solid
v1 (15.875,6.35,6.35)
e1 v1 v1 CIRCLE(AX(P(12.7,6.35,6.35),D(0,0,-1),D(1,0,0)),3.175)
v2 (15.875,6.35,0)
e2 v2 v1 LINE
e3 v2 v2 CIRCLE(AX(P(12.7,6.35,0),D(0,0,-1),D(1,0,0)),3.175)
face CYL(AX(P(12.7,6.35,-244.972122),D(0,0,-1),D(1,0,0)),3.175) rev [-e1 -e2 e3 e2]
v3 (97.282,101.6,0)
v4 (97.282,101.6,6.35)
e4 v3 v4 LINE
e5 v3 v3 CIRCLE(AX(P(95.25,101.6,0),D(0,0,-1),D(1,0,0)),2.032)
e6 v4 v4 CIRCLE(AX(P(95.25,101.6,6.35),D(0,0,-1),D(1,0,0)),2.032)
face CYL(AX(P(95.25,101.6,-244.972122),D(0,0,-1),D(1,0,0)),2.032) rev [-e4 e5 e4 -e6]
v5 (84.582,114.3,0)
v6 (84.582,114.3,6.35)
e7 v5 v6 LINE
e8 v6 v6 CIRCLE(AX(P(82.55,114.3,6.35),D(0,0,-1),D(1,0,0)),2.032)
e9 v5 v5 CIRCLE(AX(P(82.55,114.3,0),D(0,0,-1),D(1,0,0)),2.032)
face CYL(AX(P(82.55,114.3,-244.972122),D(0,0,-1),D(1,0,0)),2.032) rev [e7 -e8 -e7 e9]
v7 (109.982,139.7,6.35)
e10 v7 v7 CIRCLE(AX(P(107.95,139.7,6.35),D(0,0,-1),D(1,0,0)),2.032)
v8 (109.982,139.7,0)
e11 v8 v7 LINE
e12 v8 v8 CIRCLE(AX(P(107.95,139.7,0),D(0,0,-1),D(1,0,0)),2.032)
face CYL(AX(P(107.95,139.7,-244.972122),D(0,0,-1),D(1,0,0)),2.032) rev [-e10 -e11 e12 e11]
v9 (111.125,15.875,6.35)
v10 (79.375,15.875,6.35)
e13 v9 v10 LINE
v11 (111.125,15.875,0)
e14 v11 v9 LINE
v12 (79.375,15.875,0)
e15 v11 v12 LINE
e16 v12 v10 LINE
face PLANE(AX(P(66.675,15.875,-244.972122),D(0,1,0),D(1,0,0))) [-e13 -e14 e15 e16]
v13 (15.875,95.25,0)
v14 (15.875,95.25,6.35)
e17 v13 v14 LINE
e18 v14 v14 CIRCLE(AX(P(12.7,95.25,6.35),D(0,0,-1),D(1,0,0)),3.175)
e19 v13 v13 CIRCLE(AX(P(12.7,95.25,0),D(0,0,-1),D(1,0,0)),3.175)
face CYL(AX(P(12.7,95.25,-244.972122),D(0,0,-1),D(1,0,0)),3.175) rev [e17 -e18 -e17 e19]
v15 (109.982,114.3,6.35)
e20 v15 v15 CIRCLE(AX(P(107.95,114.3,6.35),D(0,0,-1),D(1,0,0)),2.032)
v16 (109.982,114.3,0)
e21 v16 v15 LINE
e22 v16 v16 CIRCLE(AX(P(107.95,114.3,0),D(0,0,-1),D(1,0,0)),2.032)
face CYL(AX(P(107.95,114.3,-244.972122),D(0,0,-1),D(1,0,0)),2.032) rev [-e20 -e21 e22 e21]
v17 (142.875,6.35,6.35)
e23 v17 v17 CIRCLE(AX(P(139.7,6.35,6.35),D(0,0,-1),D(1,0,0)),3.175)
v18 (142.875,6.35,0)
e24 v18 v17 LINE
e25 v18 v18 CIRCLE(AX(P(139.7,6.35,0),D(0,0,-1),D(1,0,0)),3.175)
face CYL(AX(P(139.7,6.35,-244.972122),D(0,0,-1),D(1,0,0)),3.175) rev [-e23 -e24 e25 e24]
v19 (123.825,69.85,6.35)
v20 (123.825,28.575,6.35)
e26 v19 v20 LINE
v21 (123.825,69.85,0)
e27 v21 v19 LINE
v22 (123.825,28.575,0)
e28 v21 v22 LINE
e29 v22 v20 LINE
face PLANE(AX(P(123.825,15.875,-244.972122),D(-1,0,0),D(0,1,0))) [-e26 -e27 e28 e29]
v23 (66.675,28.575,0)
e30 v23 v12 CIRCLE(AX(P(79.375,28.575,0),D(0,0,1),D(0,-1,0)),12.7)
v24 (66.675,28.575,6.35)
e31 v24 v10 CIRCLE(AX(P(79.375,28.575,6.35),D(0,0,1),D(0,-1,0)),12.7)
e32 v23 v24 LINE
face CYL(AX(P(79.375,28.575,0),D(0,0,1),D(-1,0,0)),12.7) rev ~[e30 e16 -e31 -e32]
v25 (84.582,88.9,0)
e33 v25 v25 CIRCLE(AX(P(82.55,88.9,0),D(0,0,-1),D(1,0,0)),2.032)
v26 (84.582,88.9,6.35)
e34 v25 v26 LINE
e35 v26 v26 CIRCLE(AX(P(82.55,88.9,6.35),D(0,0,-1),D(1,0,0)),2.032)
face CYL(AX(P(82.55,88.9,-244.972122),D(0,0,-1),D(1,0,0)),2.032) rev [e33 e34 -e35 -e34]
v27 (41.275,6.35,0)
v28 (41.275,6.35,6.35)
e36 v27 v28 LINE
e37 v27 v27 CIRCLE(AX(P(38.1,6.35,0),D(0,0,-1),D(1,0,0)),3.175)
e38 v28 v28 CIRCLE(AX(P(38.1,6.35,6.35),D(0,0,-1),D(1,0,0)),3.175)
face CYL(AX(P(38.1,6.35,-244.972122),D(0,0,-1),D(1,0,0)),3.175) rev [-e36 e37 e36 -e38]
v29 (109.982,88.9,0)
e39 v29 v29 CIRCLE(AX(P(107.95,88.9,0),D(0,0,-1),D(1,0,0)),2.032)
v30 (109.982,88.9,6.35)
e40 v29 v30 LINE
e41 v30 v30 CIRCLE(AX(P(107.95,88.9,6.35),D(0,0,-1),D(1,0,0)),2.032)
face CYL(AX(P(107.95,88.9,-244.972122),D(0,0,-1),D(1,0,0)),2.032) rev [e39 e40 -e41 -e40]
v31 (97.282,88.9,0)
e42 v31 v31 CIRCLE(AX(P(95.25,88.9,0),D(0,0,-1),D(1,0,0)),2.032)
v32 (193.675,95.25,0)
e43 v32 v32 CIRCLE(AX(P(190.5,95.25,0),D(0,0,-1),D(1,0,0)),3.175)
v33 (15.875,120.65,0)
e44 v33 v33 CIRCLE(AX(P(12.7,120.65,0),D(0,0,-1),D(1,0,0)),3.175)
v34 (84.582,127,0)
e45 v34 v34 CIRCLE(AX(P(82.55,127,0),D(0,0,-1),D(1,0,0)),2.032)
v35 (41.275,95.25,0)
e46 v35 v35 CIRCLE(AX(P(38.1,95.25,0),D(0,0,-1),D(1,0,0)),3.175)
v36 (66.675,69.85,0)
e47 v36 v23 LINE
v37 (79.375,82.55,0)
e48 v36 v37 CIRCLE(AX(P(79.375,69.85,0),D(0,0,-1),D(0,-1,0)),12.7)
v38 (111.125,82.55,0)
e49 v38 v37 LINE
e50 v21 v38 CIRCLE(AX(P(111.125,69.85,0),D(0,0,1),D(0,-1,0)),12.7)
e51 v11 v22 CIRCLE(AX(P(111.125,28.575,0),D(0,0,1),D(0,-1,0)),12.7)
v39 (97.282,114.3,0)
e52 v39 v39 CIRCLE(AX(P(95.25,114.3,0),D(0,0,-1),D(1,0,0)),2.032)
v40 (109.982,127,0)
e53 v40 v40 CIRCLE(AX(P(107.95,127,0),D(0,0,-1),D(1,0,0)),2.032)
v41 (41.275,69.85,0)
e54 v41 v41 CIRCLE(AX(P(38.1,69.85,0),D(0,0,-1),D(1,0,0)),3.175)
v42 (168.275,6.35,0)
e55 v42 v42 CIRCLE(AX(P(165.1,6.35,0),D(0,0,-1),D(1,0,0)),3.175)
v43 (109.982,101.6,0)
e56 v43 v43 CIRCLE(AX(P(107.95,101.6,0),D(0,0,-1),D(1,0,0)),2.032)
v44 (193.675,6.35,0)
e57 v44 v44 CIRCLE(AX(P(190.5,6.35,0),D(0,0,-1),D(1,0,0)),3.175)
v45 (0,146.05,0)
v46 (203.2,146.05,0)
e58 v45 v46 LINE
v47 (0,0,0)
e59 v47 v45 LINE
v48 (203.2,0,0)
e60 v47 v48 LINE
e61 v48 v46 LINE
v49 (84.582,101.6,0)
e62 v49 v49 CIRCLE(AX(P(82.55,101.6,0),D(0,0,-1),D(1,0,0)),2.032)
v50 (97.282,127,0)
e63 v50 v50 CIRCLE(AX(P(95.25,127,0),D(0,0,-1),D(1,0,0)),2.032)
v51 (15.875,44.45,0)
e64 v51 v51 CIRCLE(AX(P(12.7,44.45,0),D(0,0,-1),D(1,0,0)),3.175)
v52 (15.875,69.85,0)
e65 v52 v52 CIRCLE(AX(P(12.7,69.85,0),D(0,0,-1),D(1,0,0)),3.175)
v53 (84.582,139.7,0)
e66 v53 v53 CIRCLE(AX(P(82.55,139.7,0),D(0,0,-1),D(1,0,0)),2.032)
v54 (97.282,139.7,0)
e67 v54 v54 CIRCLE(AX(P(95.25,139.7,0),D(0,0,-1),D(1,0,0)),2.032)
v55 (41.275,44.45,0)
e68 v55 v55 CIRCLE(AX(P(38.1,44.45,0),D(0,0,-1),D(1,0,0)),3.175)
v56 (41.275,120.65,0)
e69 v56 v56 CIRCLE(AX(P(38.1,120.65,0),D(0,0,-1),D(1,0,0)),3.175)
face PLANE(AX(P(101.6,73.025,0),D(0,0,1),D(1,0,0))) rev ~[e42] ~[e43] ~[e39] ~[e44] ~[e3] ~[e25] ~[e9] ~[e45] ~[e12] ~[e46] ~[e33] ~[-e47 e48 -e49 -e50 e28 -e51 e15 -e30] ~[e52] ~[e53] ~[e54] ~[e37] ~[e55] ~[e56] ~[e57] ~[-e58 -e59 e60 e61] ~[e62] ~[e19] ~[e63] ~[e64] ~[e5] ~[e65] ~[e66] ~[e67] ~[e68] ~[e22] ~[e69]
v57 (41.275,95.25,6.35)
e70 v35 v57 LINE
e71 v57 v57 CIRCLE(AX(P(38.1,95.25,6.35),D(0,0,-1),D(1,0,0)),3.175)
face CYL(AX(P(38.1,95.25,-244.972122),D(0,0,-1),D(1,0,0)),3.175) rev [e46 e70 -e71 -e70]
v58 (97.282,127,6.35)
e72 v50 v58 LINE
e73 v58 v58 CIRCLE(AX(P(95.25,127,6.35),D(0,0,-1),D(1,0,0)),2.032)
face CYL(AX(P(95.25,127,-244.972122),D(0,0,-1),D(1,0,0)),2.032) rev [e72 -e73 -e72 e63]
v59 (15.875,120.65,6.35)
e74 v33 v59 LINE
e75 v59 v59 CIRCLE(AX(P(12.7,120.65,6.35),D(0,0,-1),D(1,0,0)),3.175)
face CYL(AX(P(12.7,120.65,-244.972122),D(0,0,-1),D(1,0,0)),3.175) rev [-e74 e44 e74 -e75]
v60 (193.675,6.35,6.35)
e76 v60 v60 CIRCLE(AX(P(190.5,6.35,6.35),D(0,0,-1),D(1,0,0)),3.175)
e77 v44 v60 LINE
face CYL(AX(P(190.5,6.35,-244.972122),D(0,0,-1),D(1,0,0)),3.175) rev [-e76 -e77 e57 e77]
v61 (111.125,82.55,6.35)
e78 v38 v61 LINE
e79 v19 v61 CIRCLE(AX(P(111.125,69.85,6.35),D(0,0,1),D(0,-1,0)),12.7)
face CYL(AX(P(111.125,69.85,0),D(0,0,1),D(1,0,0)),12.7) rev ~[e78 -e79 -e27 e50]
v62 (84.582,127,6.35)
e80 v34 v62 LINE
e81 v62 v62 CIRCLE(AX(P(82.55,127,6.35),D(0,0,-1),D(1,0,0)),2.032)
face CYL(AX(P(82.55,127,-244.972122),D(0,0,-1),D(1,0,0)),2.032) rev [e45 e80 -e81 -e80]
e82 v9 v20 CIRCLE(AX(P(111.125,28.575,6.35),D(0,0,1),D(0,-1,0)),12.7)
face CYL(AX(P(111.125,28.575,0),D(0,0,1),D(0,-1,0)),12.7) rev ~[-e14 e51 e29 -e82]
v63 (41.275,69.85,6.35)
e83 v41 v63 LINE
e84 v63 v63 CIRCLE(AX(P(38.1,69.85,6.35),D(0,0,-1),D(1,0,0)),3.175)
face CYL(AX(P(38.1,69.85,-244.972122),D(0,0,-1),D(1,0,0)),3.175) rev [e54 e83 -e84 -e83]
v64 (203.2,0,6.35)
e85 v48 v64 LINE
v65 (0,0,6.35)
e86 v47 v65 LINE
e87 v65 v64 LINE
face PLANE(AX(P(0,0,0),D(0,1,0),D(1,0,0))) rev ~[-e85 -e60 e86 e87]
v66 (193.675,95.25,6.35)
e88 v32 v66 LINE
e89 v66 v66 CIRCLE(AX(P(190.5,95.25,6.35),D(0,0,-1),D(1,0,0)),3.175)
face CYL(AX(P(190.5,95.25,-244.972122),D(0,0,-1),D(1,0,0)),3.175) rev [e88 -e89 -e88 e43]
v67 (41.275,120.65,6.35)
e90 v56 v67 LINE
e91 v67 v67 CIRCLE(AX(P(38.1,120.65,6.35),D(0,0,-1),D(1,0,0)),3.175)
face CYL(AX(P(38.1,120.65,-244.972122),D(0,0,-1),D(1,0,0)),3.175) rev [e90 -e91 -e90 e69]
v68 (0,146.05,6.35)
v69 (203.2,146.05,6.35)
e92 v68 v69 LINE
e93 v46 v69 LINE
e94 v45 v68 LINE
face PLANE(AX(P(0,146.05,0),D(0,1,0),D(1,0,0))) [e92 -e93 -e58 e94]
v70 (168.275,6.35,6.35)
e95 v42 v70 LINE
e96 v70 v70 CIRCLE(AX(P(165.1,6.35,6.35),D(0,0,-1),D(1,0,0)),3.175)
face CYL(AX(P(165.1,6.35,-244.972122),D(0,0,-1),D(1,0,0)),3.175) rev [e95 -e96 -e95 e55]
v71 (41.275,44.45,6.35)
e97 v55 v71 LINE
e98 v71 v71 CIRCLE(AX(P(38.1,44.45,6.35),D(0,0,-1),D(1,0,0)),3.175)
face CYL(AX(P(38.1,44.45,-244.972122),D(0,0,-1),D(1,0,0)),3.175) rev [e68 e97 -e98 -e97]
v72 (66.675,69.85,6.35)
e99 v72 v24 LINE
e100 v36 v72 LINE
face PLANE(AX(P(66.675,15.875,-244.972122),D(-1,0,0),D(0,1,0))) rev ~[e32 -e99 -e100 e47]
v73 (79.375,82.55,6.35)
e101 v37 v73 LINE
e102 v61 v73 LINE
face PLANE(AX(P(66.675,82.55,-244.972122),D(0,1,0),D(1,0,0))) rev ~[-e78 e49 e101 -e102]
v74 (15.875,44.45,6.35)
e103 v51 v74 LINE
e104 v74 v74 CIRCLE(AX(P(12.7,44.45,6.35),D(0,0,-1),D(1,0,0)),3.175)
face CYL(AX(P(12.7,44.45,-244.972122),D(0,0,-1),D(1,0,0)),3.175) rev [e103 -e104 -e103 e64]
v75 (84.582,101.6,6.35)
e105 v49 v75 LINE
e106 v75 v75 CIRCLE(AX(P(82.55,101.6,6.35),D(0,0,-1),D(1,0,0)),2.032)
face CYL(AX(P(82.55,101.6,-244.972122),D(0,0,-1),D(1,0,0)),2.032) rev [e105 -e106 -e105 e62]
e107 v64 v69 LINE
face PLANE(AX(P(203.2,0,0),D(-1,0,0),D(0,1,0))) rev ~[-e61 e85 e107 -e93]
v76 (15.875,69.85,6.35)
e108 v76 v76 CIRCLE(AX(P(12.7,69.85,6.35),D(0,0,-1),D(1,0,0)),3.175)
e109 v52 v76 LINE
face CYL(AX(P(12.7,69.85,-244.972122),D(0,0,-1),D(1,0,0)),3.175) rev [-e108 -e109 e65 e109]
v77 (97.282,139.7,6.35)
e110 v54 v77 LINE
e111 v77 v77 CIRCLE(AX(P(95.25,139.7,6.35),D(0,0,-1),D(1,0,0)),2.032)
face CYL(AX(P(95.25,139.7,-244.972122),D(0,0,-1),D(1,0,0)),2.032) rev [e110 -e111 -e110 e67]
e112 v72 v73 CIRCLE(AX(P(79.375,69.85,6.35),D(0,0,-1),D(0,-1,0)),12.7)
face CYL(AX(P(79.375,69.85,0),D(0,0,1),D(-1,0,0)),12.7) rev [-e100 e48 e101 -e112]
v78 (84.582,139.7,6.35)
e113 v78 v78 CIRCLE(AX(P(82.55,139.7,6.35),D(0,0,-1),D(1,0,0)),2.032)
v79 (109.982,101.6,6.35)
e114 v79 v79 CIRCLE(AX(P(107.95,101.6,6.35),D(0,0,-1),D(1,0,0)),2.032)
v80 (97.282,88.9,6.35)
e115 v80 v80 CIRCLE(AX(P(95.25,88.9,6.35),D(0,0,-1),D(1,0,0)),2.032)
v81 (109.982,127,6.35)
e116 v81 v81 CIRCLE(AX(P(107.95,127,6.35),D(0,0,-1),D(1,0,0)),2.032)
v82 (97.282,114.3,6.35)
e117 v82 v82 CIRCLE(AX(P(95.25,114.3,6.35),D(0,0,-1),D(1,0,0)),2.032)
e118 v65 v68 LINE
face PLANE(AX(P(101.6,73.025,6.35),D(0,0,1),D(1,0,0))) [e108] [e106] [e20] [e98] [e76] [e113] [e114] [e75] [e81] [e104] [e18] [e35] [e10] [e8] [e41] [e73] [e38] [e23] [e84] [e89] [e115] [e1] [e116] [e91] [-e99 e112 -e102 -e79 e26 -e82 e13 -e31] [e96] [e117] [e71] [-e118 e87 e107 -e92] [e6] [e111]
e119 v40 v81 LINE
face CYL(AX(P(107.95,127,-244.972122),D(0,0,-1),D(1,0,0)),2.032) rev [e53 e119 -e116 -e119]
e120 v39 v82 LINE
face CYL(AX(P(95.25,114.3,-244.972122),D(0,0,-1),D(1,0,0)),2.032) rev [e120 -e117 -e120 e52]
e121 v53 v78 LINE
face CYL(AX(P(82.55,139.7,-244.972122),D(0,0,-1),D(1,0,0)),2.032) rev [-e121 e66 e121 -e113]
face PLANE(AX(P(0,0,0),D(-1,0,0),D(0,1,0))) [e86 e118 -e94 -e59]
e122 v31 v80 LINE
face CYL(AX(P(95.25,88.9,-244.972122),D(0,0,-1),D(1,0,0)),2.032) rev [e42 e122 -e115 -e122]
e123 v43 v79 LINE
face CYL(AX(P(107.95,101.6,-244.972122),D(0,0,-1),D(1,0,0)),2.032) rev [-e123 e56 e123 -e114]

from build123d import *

# Parameters (mm, degrees)
SKETCH1_W               = 203.2
SKETCH1_H               = 146.05
BOSS_EXTRUDE1_DEPTH     = 6.35
CUT_EXTRUDE1_DEPTH      = 251.322122474
CUT_EXTRUDE1_DEPTH_BACK = 251.322122474
SKETCH2_R               = 3.175
CUT_EXTRUDE2_DEPTH      = 251.322122474
CUT_EXTRUDE2_DEPTH_BACK = 251.322122474
SKETCH3_R               = 2.032
CUT_EXTRUDE3_DEPTH      = 251.322122474
CUT_EXTRUDE3_DEPTH_BACK = 251.322122474
SKETCH4_W               = 57.15
SKETCH4_H               = 66.675
FILLET1_R               = 12.7


with BuildPart() as part:
    # Sketch1 → Boss-Extrude1 (new body)
    with BuildSketch(Plane.XY):
        with Locations((101.6, 73.025)):
            Rectangle(SKETCH1_W, SKETCH1_H)
    extrude(amount=BOSS_EXTRUDE1_DEPTH)

    # Sketch2 → Cut-Extrude1 (cut, two sides: drawn at the far end of the back side and taken through both)
    with BuildSketch(Plane.XY.offset(6.35).offset(-CUT_EXTRUDE1_DEPTH_BACK)):
        with Locations((12.7, 6.35)):
            Circle(SKETCH2_R)
        with Locations((38.1, 6.35)):
            Circle(SKETCH2_R)
        with Locations((12.7, 95.25)):
            Circle(SKETCH2_R)
        with Locations((38.1, 95.25)):
            Circle(SKETCH2_R)
        with Locations((190.5, 95.25)):
            Circle(SKETCH2_R)
        with Locations((190.5, 6.35)):
            Circle(SKETCH2_R)
        with Locations((12.7, 69.85)):
            Circle(SKETCH2_R)
        with Locations((38.1, 69.85)):
            Circle(SKETCH2_R)
        with Locations((12.7, 44.45)):
            Circle(SKETCH2_R)
        with Locations((38.1, 44.45)):
            Circle(SKETCH2_R)
        with Locations((12.7, 120.65)):
            Circle(SKETCH2_R)
        with Locations((38.1, 120.65)):
            Circle(SKETCH2_R)
        with Locations((165.1, 6.35)):
            Circle(SKETCH2_R)
        with Locations((139.7, 6.35)):
            Circle(SKETCH2_R)
    extrude(amount=CUT_EXTRUDE1_DEPTH + CUT_EXTRUDE1_DEPTH_BACK, mode=Mode.SUBTRACT)

    # Sketch3 → Cut-Extrude2 (cut, two sides: drawn at the far end of the back side and taken through both)
    with BuildSketch(Plane.XY.offset(6.35).offset(-CUT_EXTRUDE2_DEPTH_BACK)):
        with Locations((95.25, 139.7)):
            Circle(SKETCH3_R)
        with Locations((107.95, 139.7)):
            Circle(SKETCH3_R)
        with Locations((82.55, 139.7)):
            Circle(SKETCH3_R)
        with Locations((107.95, 127)):
            Circle(SKETCH3_R)
        with Locations((95.25, 127)):
            Circle(SKETCH3_R)
        with Locations((82.55, 127)):
            Circle(SKETCH3_R)
        with Locations((107.95, 114.3)):
            Circle(SKETCH3_R)
        with Locations((95.25, 114.3)):
            Circle(SKETCH3_R)
        with Locations((82.55, 114.3)):
            Circle(SKETCH3_R)
        with Locations((107.95, 101.6)):
            Circle(SKETCH3_R)
        with Locations((95.25, 101.6)):
            Circle(SKETCH3_R)
        with Locations((82.55, 101.6)):
            Circle(SKETCH3_R)
        with Locations((107.95, 88.9)):
            Circle(SKETCH3_R)
        with Locations((95.25, 88.9)):
            Circle(SKETCH3_R)
        with Locations((82.55, 88.9)):
            Circle(SKETCH3_R)
    extrude(amount=CUT_EXTRUDE2_DEPTH + CUT_EXTRUDE2_DEPTH_BACK, mode=Mode.SUBTRACT)

    # Sketch4 → Cut-Extrude3 (cut, two sides: drawn at the far end of the back side and taken through both)
    with BuildSketch(Plane.XY.offset(6.35).offset(-CUT_EXTRUDE3_DEPTH_BACK)):
        with Locations((95.25, 49.2125)):
            Rectangle(SKETCH4_W, SKETCH4_H)
    extrude(amount=CUT_EXTRUDE3_DEPTH + CUT_EXTRUDE3_DEPTH_BACK, mode=Mode.SUBTRACT)

    # Fillet1
    fillet1_edges = [part.edges().sort_by_distance(p)[0] for p in [
        (66.675, 15.875, 3.175),
        (66.675, 82.55, 3.175),
        (123.825, 82.55, 3.175),
        (123.825, 15.875, 3.175),
    ]]
    fillet(fillet1_edges, radius=FILLET1_R)


solid = part.part
